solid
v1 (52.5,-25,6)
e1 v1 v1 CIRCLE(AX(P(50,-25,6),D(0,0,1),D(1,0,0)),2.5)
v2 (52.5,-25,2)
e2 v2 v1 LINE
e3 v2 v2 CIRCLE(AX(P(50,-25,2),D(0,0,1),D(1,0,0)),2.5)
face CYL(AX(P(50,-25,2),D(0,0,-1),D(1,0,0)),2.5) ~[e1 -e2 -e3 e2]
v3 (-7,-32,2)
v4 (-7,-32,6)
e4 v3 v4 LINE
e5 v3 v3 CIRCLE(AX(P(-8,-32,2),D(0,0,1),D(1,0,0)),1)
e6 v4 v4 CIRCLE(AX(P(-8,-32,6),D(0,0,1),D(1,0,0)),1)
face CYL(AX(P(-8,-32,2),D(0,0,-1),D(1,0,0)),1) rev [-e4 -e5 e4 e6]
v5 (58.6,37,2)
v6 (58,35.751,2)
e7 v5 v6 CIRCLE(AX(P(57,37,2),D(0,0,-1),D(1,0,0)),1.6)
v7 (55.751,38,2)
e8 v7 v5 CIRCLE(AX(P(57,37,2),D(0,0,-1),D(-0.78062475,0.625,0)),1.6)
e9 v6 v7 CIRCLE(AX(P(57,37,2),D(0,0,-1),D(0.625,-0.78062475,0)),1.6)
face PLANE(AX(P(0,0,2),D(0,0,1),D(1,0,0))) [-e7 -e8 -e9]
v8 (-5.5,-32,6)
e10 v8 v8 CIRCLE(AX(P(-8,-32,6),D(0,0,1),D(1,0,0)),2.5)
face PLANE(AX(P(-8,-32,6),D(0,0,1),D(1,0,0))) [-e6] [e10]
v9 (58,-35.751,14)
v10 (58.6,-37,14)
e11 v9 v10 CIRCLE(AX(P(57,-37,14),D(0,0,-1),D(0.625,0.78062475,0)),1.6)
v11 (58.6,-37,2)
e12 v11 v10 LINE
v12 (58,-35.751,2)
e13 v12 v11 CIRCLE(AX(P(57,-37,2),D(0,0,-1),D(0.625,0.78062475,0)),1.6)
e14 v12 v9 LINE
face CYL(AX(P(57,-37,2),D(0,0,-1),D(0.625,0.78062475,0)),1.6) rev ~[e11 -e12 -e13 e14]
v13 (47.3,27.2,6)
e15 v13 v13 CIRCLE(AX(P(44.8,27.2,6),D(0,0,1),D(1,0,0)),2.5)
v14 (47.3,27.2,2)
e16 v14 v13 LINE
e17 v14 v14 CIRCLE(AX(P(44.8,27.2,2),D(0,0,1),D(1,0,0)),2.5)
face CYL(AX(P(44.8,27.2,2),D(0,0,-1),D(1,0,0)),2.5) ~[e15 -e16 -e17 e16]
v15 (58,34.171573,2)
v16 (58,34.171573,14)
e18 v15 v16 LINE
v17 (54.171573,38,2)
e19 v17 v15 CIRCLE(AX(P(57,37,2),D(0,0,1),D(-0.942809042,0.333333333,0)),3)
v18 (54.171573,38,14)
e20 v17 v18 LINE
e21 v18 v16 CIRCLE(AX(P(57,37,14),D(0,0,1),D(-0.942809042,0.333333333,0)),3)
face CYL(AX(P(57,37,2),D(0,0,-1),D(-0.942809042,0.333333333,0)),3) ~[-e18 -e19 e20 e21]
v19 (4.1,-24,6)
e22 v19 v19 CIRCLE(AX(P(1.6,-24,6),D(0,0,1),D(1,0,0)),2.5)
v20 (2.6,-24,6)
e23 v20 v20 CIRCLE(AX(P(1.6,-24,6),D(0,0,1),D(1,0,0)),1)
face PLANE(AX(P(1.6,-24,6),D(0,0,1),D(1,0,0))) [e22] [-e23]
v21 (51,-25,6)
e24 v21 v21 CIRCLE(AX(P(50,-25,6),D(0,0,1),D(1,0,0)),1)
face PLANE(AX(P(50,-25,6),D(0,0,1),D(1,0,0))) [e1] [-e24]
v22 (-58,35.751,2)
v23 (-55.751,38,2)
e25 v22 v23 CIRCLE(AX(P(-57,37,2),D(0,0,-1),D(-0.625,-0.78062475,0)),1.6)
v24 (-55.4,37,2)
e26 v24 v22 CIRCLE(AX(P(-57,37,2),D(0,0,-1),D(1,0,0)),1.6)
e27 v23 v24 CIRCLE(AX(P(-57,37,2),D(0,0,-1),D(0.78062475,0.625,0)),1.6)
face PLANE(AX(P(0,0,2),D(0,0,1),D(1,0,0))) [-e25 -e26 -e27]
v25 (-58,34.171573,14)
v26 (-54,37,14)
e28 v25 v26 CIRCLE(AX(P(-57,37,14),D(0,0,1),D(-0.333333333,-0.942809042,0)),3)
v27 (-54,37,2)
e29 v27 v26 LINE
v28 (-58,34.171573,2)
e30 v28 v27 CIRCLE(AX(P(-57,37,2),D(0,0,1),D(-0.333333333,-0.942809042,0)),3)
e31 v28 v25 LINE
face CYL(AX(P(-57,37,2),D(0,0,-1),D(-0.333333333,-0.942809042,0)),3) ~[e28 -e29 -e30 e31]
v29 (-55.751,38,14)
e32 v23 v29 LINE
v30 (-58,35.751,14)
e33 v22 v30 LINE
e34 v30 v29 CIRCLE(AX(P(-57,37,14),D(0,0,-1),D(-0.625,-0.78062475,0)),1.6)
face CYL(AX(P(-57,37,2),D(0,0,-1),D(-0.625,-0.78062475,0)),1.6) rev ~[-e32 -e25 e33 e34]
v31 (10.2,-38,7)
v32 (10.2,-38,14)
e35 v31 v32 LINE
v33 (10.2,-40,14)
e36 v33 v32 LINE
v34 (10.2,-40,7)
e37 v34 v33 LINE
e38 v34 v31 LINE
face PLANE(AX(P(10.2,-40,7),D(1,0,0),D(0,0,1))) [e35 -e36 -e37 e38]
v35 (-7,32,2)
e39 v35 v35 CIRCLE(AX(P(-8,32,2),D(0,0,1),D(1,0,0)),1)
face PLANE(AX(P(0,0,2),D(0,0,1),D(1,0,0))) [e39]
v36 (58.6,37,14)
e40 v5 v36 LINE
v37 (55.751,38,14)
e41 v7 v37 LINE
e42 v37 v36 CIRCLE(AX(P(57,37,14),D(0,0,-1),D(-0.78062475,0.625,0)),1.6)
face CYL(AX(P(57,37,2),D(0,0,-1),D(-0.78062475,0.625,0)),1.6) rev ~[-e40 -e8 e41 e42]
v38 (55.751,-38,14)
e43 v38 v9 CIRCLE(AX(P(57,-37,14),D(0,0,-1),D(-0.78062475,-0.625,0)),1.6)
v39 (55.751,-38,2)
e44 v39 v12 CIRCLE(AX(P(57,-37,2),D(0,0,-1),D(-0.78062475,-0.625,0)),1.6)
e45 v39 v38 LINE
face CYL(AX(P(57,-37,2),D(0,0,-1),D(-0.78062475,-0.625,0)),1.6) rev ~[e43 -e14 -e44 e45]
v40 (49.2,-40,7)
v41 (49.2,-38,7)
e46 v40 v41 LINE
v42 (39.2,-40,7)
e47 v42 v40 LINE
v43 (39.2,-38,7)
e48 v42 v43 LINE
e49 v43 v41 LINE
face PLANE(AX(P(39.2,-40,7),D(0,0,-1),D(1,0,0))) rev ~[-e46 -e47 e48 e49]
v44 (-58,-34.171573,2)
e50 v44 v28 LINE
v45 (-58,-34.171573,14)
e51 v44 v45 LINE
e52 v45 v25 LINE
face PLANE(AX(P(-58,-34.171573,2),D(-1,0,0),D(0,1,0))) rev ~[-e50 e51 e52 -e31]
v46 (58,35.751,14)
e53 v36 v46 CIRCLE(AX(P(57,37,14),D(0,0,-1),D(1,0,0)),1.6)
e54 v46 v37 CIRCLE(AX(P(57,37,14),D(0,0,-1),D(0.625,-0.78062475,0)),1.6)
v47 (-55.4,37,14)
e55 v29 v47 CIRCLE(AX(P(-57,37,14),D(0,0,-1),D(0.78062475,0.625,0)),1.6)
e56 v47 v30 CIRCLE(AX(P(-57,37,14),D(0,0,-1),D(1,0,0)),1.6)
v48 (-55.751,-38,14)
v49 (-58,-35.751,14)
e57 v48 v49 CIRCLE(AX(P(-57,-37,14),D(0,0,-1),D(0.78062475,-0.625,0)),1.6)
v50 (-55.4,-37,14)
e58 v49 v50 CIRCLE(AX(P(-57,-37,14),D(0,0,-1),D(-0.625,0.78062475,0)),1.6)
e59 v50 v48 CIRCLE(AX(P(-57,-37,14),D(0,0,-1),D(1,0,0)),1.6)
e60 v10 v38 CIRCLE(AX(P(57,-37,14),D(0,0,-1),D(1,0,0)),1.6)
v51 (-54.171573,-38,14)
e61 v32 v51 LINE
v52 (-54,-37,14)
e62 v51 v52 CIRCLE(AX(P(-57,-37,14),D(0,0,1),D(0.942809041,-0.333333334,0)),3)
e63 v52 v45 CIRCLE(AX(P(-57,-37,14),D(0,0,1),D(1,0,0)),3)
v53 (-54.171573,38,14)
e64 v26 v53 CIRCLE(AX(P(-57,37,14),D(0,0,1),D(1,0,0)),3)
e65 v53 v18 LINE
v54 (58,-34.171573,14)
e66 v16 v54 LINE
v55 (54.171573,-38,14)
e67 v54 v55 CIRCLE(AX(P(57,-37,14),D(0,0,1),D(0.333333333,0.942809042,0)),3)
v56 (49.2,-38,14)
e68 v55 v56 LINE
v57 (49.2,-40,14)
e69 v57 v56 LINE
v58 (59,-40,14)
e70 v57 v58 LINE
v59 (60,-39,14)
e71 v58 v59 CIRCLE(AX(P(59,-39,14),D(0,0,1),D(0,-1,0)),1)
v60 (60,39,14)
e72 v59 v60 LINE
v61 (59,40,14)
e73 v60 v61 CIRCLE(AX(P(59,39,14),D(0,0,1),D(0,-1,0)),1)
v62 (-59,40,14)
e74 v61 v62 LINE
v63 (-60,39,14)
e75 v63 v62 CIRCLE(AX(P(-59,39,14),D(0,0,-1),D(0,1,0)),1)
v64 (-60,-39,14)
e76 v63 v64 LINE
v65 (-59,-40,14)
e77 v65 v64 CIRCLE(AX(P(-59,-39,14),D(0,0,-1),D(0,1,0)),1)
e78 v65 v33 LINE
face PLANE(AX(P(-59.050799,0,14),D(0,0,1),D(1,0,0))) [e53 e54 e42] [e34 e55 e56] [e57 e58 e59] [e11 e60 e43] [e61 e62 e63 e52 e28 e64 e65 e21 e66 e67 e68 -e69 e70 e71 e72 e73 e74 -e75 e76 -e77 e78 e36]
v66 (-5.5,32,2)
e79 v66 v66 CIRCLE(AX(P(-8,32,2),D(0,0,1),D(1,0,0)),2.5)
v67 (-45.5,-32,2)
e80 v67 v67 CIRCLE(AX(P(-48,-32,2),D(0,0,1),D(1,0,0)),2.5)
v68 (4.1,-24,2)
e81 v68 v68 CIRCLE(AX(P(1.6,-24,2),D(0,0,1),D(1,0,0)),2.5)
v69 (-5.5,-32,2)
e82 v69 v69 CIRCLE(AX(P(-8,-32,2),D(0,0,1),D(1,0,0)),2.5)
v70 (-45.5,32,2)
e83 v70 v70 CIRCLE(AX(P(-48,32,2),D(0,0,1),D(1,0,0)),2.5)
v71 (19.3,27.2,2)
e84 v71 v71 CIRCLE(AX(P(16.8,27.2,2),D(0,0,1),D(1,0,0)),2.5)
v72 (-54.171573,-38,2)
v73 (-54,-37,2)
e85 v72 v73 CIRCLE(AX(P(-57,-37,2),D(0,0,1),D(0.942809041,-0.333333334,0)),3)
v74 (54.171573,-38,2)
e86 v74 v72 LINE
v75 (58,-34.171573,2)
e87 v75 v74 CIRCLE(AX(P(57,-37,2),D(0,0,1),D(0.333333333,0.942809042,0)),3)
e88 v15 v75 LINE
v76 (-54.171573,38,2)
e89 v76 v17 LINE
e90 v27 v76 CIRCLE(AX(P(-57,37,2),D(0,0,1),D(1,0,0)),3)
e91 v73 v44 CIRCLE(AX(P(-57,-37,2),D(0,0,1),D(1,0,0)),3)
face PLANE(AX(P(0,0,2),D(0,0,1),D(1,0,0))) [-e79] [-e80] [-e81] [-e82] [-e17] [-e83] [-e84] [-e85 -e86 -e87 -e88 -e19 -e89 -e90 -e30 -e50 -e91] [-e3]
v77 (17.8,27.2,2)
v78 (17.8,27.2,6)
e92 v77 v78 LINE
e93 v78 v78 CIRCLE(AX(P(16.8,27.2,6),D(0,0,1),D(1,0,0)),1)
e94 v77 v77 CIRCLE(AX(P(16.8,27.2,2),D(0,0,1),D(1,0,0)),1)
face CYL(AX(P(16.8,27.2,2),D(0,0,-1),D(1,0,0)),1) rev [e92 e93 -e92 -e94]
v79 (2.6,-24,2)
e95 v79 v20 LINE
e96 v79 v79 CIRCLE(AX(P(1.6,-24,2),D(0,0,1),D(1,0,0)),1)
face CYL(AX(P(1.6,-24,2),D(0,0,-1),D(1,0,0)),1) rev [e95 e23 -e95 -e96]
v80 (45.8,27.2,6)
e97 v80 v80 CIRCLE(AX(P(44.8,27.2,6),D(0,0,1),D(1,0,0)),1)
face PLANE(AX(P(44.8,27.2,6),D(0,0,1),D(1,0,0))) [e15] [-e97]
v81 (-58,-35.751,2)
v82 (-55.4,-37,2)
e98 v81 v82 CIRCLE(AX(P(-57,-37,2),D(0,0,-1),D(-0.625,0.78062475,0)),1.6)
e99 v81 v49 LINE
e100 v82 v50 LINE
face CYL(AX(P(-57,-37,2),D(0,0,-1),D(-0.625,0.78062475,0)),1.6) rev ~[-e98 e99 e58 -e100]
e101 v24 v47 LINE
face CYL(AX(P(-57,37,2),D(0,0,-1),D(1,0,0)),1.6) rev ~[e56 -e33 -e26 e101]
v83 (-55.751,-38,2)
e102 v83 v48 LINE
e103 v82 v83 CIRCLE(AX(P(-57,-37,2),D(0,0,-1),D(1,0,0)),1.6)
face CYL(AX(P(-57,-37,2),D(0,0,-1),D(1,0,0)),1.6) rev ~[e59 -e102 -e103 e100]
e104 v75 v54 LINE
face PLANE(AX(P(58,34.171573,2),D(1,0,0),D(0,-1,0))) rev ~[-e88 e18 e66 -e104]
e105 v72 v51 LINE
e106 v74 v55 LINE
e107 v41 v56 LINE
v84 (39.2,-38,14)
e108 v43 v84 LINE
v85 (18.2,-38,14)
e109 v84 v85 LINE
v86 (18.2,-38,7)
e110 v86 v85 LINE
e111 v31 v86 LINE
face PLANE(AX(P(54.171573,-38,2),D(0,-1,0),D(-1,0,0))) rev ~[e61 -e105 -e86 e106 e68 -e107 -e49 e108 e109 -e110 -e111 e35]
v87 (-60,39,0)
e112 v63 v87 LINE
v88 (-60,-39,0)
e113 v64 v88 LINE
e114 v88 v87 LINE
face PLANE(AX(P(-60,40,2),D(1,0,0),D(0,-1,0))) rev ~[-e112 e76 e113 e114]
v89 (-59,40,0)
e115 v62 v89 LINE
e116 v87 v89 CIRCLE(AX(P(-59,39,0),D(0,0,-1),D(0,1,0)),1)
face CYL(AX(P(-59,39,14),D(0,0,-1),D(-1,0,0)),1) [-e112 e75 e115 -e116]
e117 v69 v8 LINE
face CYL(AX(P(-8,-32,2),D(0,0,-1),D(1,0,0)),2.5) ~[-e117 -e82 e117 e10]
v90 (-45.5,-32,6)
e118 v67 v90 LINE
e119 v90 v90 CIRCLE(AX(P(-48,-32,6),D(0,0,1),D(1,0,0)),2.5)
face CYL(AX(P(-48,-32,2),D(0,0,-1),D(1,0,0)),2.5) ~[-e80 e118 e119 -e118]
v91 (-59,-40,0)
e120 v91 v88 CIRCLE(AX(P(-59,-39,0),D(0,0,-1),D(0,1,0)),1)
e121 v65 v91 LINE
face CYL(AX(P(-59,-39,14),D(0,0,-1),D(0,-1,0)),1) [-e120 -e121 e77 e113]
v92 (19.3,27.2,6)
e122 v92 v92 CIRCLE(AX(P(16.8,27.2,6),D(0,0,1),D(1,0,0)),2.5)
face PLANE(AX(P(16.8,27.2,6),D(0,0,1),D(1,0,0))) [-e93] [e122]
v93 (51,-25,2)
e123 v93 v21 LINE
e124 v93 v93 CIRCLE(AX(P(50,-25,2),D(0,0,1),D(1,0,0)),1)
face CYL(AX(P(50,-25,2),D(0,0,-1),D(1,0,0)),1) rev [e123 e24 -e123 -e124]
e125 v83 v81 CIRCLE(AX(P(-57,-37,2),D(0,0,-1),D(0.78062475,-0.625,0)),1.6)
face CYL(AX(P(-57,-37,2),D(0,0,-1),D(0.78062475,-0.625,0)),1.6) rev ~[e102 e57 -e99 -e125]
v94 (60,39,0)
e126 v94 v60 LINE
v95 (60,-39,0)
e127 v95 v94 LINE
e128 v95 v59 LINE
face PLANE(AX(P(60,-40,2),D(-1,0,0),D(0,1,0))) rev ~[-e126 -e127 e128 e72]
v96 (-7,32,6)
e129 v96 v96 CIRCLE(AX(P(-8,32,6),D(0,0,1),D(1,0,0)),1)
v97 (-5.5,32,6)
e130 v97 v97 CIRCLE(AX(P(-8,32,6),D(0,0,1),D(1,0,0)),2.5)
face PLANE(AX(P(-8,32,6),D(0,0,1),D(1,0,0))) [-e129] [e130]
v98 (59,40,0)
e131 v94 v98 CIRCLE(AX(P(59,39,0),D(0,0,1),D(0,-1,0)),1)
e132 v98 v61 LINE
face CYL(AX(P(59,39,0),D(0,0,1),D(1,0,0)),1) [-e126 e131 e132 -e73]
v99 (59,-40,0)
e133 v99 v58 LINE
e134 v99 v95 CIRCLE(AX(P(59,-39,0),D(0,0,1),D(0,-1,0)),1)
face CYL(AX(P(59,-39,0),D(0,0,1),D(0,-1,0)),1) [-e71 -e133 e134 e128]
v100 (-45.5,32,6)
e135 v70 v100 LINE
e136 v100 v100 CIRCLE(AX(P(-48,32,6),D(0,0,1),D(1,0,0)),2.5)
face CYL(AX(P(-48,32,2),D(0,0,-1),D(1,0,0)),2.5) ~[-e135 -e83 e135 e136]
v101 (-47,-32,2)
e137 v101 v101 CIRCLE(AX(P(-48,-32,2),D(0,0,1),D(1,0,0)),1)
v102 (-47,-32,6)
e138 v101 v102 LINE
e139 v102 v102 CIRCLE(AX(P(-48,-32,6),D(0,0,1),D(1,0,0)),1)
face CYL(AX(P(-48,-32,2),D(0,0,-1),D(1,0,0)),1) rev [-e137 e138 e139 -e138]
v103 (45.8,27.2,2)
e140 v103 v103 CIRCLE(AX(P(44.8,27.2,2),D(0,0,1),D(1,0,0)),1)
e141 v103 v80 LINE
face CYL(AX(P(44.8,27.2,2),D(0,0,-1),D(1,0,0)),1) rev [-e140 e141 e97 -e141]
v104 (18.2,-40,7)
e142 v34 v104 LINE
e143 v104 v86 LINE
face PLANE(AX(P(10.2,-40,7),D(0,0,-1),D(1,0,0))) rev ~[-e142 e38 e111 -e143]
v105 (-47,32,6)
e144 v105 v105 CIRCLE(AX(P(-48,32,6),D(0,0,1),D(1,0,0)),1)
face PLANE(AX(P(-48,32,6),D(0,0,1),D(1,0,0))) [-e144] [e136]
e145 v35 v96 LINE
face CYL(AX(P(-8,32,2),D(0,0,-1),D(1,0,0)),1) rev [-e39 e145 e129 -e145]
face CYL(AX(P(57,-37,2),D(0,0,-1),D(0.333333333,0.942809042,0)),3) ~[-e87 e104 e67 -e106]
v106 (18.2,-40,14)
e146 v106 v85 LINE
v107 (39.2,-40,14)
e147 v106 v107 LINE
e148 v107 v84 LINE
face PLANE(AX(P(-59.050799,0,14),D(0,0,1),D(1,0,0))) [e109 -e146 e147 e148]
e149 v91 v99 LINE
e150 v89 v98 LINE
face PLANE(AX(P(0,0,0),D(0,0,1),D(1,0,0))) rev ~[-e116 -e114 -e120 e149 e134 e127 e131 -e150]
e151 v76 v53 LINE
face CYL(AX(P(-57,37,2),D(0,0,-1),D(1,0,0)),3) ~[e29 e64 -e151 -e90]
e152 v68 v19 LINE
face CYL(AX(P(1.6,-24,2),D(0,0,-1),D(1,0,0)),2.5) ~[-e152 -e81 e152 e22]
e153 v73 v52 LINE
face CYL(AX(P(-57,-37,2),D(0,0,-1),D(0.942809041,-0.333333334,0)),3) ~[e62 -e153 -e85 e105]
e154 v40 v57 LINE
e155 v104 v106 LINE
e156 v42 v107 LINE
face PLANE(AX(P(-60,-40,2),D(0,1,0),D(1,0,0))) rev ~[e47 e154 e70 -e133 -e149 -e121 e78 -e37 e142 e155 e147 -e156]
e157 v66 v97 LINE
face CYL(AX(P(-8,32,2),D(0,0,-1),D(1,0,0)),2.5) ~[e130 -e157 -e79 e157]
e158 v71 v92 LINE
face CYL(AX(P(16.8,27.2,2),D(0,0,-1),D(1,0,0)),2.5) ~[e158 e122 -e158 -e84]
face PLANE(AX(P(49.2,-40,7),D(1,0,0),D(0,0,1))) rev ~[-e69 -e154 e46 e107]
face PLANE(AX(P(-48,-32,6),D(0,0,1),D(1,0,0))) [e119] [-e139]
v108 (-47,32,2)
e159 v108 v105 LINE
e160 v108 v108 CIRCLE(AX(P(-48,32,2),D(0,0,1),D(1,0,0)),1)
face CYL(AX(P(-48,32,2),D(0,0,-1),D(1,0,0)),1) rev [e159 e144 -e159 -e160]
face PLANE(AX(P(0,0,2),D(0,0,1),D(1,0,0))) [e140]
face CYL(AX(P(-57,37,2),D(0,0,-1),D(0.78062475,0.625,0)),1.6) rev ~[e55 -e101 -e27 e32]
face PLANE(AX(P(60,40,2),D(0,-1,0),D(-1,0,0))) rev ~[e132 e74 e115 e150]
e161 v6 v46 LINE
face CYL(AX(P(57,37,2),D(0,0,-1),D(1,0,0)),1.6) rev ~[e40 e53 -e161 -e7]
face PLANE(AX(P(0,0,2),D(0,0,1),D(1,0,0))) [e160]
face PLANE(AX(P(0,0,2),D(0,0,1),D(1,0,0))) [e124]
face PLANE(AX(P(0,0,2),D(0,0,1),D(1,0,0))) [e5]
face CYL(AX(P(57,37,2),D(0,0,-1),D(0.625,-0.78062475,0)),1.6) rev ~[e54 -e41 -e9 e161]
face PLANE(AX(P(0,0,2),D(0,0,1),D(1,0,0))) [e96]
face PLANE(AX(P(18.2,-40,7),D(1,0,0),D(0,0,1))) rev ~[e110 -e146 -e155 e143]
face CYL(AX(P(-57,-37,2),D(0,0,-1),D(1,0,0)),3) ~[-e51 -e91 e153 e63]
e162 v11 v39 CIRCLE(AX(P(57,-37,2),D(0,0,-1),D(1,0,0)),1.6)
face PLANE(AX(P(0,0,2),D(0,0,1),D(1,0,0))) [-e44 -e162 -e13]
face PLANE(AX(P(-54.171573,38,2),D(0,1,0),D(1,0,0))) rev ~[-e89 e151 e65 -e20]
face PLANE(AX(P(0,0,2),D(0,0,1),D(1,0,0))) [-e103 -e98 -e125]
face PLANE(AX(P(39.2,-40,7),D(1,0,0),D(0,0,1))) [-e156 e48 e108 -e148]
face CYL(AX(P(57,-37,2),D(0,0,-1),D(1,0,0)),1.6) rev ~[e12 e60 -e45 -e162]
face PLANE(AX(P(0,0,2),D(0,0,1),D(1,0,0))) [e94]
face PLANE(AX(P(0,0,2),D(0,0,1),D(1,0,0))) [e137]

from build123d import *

# Parameters (mm, degrees)
F0_W     = 120
F0_H     = 80
F1_DEPTH = 2
F3_DEPTH = 12
F4_R     = 2.5
F4_R_2   = 1
F5_DEPTH = 4
F6_W     = 8
F6_H     = 7
F6_W_2   = 10
F7_DEPTH = 3
F8_R     = 1


with BuildPart() as f1:
    # F0 (on Top) → F1 (new body)
    with BuildSketch(Plane.XY):
        Rectangle(F0_W, F0_H)
    extrude(amount=F1_DEPTH)

    # F2 (on face) → F3 (join)
    with BuildSketch(Plane.XY.offset(2)):
        with BuildLine():
            Line((-58, -34.1715728753), (-58, 34.1715728753))
            ThreePointArc((-58, 34.1715728753), (-59.4494897428, 35.2679491924), (-60, 37))
            Line((-60, 37), (-60, -37))
            ThreePointArc((-60, -37), (-59.4494897428, -35.2679491924), (-58, -34.1715728753))
        make_face()
        with BuildLine():
            ThreePointArc((-57, -40), (-59.1213203436, -39.1213203436), (-60, -37))
            Line((-60, -37), (-60, -40))
            Line((-60, -40), (-57, -40))
        make_face()
        with BuildLine():
            ThreePointArc((-57, -40), (-55.2679491924, -39.4494897428), (-54.1715728753, -38))
            Line((-54.1715728753, -38), (-55.7510004003, -38))
            ThreePointArc((-55.7510004003, -38), (-58.1313708499, -38.1313708499), (-58, -35.7510004003))
            Line((-58, -35.7510004003), (-58, -34.1715728753))
            ThreePointArc((-58, -34.1715728753), (-59.4494897428, -35.2679491924), (-60, -37))
            ThreePointArc((-60, -37), (-59.1213203436, -39.1213203436), (-57, -40))
        make_face()
        with BuildLine():
            Line((-55.7510004003, -38), (-54.1715728753, -38))
            ThreePointArc((-54.1715728753, -38), (-54.043204321, -37.5073059362), (-54, -37))
            ThreePointArc((-54, -37), (-55.2679491924, -34.5505102572), (-58, -34.1715728753))
            Line((-58, -34.1715728753), (-58, -35.7510004003))
            ThreePointArc((-58, -35.7510004003), (-56.307179677, -35.5577794898), (-55.4, -37))
            ThreePointArc((-55.4, -37), (-55.4902981487, -37.5299059542), (-55.7510004003, -38))
        make_face()
        with BuildLine():
            ThreePointArc((57, -40), (55.2679491924, -39.4494897428), (54.1715728753, -38))
            Line((54.1715728753, -38), (-54.1715728753, -38))
            ThreePointArc((-54.1715728753, -38), (-55.2679491924, -39.4494897428), (-57, -40))
            Line((-57, -40), (57, -40))
        make_face()
        with BuildLine():
            Line((58, -35.7510004003), (58, -34.1715728753))
            ThreePointArc((58, -34.1715728753), (54.8786796564, -34.8786796564), (54.1715728753, -38))
            Line((54.1715728753, -38), (55.7510004003, -38))
            ThreePointArc((55.7510004003, -38), (55.8686291501, -35.8686291501), (58, -35.7510004003))
        make_face()
        with BuildLine():
            ThreePointArc((60, -37), (59.4494897428, -35.2679491924), (58, -34.1715728753))
            Line((58, -34.1715728753), (58, -35.7510004003))
            ThreePointArc((58, -35.7510004003), (58.4422205102, -36.307179677), (58.6, -37))
            ThreePointArc((58.6, -37), (57.5299059542, -38.5097018513), (55.7510004003, -38))
            Line((55.7510004003, -38), (54.1715728753, -38))
            ThreePointArc((54.1715728753, -38), (55.2679491924, -39.4494897428), (57, -40))
            ThreePointArc((57, -40), (59.1213203436, -39.1213203436), (60, -37))
        make_face()
        with BuildLine():
            Line((60, -40), (60, -37))
            ThreePointArc((60, -37), (59.1213203436, -39.1213203436), (57, -40))
            Line((57, -40), (60, -40))
        make_face()
        with BuildLine():
            ThreePointArc((60, 37), (59.4494897428, 35.2679491924), (58, 34.1715728753))
            Line((58, 34.1715728753), (58, -34.1715728753))
            ThreePointArc((58, -34.1715728753), (59.4494897428, -35.2679491924), (60, -37))
            Line((60, -37), (60, 37))
        make_face()
        with BuildLine():
            ThreePointArc((58, 35.7510004003), (55.8686291501, 35.8686291501), (55.7510004003, 38))
            Line((55.7510004003, 38), (54.1715728753, 38))
            ThreePointArc((54.1715728753, 38), (54.8786796564, 34.8786796564), (58, 34.1715728753))
            Line((58, 34.1715728753), (58, 35.7510004003))
        make_face()
        with BuildLine():
            Line((-54.1715728753, 38), (54.1715728753, 38))
            ThreePointArc((54.1715728753, 38), (55.2679491924, 39.4494897428), (57, 40))
            Line((57, 40), (-57, 40))
            ThreePointArc((-57, 40), (-55.2679491924, 39.4494897428), (-54.1715728753, 38))
        make_face()
        with BuildLine():
            Line((54.1715728753, 38), (55.7510004003, 38))
            ThreePointArc((55.7510004003, 38), (57.5299059542, 38.5097018513), (58.6, 37))
            ThreePointArc((58.6, 37), (58.4422205102, 36.307179677), (58, 35.7510004003))
            Line((58, 35.7510004003), (58, 34.1715728753))
            ThreePointArc((58, 34.1715728753), (59.4494897428, 35.2679491924), (60, 37))
            ThreePointArc((60, 37), (59.1213203436, 39.1213203436), (57, 40))
            ThreePointArc((57, 40), (55.2679491924, 39.4494897428), (54.1715728753, 38))
        make_face()
        with BuildLine():
            Line((60, 40), (57, 40))
            ThreePointArc((57, 40), (59.1213203436, 39.1213203436), (60, 37))
            Line((60, 37), (60, 40))
        make_face()
        with BuildLine():
            ThreePointArc((-60, 37), (-59.1213203436, 39.1213203436), (-57, 40))
            Line((-57, 40), (-60, 40))
            Line((-60, 40), (-60, 37))
        make_face()
        with BuildLine():
            Line((-55.7510004003, 38), (-54.1715728753, 38))
            ThreePointArc((-54.1715728753, 38), (-55.2679491924, 39.4494897428), (-57, 40))
            ThreePointArc((-57, 40), (-59.1213203436, 39.1213203436), (-60, 37))
            ThreePointArc((-60, 37), (-59.4494897428, 35.2679491924), (-58, 34.1715728753))
            Line((-58, 34.1715728753), (-58, 35.7510004003))
            ThreePointArc((-58, 35.7510004003), (-58.1313708499, 38.1313708499), (-55.7510004003, 38))
        make_face()
        with BuildLine():
            ThreePointArc((-54, 37), (-54.043204321, 37.5073059362), (-54.1715728753, 38))
            Line((-54.1715728753, 38), (-55.7510004003, 38))
            ThreePointArc((-55.7510004003, 38), (-55.4902981487, 37.5299059542), (-55.4, 37))
            ThreePointArc((-55.4, 37), (-56.307179677, 35.5577794898), (-58, 35.7510004003))
            Line((-58, 35.7510004003), (-58, 34.1715728753))
            ThreePointArc((-58, 34.1715728753), (-55.2679491924, 34.5505102572), (-54, 37))
        make_face()
    extrude(amount=F3_DEPTH)

    # F4 (on face) → F5 (join)
    with BuildSketch(Plane.XY.offset(2)):
        with Locations((50, -25)):
            Circle(F4_R)
        with Locations((50, -25)):
            Circle(F4_R_2, mode=Mode.SUBTRACT)
        with Locations((1.6, -24)):
            Circle(F4_R)
        with Locations((1.6, -24)):
            Circle(F4_R_2, mode=Mode.SUBTRACT)
        with Locations((44.8, 27.2)):
            Circle(F4_R)
        with Locations((44.8, 27.2)):
            Circle(F4_R_2, mode=Mode.SUBTRACT)
        with Locations((16.8, 27.2)):
            Circle(F4_R)
        with Locations((16.8, 27.2)):
            Circle(F4_R_2, mode=Mode.SUBTRACT)
        with Locations((-48, 32)):
            Circle(F4_R)
        with Locations((-48, 32)):
            Circle(F4_R_2, mode=Mode.SUBTRACT)
        with Locations((-8, 32)):
            Circle(F4_R)
        with Locations((-8, 32)):
            Circle(F4_R_2, mode=Mode.SUBTRACT)
        with Locations((-8, -32)):
            Circle(F4_R)
        with Locations((-8, -32)):
            Circle(F4_R_2, mode=Mode.SUBTRACT)
        with Locations((-48, -32)):
            Circle(F4_R)
        with Locations((-48, -32)):
            Circle(F4_R_2, mode=Mode.SUBTRACT)
    extrude(amount=F5_DEPTH)

    # F6 (on face) → F7 (cut)
    with BuildSketch(Plane.XZ.offset(40)):
        with Locations((14.2, 10.5)):
            Rectangle(F6_W, F6_H)
        with Locations((44.2, 10.5)):
            Rectangle(F6_W_2, F6_H)
    extrude(amount=-F7_DEPTH, mode=Mode.SUBTRACT)

    # F8
    f8_edges = [f1.edges().sort_by_distance(p)[0] for p in [
        (60, -40, 7),
        (60, 40, 7),
        (-60, -40, 7),
        (-60, 40, 7),
    ]]
    fillet(f8_edges, radius=F8_R)


solid = f1.part
